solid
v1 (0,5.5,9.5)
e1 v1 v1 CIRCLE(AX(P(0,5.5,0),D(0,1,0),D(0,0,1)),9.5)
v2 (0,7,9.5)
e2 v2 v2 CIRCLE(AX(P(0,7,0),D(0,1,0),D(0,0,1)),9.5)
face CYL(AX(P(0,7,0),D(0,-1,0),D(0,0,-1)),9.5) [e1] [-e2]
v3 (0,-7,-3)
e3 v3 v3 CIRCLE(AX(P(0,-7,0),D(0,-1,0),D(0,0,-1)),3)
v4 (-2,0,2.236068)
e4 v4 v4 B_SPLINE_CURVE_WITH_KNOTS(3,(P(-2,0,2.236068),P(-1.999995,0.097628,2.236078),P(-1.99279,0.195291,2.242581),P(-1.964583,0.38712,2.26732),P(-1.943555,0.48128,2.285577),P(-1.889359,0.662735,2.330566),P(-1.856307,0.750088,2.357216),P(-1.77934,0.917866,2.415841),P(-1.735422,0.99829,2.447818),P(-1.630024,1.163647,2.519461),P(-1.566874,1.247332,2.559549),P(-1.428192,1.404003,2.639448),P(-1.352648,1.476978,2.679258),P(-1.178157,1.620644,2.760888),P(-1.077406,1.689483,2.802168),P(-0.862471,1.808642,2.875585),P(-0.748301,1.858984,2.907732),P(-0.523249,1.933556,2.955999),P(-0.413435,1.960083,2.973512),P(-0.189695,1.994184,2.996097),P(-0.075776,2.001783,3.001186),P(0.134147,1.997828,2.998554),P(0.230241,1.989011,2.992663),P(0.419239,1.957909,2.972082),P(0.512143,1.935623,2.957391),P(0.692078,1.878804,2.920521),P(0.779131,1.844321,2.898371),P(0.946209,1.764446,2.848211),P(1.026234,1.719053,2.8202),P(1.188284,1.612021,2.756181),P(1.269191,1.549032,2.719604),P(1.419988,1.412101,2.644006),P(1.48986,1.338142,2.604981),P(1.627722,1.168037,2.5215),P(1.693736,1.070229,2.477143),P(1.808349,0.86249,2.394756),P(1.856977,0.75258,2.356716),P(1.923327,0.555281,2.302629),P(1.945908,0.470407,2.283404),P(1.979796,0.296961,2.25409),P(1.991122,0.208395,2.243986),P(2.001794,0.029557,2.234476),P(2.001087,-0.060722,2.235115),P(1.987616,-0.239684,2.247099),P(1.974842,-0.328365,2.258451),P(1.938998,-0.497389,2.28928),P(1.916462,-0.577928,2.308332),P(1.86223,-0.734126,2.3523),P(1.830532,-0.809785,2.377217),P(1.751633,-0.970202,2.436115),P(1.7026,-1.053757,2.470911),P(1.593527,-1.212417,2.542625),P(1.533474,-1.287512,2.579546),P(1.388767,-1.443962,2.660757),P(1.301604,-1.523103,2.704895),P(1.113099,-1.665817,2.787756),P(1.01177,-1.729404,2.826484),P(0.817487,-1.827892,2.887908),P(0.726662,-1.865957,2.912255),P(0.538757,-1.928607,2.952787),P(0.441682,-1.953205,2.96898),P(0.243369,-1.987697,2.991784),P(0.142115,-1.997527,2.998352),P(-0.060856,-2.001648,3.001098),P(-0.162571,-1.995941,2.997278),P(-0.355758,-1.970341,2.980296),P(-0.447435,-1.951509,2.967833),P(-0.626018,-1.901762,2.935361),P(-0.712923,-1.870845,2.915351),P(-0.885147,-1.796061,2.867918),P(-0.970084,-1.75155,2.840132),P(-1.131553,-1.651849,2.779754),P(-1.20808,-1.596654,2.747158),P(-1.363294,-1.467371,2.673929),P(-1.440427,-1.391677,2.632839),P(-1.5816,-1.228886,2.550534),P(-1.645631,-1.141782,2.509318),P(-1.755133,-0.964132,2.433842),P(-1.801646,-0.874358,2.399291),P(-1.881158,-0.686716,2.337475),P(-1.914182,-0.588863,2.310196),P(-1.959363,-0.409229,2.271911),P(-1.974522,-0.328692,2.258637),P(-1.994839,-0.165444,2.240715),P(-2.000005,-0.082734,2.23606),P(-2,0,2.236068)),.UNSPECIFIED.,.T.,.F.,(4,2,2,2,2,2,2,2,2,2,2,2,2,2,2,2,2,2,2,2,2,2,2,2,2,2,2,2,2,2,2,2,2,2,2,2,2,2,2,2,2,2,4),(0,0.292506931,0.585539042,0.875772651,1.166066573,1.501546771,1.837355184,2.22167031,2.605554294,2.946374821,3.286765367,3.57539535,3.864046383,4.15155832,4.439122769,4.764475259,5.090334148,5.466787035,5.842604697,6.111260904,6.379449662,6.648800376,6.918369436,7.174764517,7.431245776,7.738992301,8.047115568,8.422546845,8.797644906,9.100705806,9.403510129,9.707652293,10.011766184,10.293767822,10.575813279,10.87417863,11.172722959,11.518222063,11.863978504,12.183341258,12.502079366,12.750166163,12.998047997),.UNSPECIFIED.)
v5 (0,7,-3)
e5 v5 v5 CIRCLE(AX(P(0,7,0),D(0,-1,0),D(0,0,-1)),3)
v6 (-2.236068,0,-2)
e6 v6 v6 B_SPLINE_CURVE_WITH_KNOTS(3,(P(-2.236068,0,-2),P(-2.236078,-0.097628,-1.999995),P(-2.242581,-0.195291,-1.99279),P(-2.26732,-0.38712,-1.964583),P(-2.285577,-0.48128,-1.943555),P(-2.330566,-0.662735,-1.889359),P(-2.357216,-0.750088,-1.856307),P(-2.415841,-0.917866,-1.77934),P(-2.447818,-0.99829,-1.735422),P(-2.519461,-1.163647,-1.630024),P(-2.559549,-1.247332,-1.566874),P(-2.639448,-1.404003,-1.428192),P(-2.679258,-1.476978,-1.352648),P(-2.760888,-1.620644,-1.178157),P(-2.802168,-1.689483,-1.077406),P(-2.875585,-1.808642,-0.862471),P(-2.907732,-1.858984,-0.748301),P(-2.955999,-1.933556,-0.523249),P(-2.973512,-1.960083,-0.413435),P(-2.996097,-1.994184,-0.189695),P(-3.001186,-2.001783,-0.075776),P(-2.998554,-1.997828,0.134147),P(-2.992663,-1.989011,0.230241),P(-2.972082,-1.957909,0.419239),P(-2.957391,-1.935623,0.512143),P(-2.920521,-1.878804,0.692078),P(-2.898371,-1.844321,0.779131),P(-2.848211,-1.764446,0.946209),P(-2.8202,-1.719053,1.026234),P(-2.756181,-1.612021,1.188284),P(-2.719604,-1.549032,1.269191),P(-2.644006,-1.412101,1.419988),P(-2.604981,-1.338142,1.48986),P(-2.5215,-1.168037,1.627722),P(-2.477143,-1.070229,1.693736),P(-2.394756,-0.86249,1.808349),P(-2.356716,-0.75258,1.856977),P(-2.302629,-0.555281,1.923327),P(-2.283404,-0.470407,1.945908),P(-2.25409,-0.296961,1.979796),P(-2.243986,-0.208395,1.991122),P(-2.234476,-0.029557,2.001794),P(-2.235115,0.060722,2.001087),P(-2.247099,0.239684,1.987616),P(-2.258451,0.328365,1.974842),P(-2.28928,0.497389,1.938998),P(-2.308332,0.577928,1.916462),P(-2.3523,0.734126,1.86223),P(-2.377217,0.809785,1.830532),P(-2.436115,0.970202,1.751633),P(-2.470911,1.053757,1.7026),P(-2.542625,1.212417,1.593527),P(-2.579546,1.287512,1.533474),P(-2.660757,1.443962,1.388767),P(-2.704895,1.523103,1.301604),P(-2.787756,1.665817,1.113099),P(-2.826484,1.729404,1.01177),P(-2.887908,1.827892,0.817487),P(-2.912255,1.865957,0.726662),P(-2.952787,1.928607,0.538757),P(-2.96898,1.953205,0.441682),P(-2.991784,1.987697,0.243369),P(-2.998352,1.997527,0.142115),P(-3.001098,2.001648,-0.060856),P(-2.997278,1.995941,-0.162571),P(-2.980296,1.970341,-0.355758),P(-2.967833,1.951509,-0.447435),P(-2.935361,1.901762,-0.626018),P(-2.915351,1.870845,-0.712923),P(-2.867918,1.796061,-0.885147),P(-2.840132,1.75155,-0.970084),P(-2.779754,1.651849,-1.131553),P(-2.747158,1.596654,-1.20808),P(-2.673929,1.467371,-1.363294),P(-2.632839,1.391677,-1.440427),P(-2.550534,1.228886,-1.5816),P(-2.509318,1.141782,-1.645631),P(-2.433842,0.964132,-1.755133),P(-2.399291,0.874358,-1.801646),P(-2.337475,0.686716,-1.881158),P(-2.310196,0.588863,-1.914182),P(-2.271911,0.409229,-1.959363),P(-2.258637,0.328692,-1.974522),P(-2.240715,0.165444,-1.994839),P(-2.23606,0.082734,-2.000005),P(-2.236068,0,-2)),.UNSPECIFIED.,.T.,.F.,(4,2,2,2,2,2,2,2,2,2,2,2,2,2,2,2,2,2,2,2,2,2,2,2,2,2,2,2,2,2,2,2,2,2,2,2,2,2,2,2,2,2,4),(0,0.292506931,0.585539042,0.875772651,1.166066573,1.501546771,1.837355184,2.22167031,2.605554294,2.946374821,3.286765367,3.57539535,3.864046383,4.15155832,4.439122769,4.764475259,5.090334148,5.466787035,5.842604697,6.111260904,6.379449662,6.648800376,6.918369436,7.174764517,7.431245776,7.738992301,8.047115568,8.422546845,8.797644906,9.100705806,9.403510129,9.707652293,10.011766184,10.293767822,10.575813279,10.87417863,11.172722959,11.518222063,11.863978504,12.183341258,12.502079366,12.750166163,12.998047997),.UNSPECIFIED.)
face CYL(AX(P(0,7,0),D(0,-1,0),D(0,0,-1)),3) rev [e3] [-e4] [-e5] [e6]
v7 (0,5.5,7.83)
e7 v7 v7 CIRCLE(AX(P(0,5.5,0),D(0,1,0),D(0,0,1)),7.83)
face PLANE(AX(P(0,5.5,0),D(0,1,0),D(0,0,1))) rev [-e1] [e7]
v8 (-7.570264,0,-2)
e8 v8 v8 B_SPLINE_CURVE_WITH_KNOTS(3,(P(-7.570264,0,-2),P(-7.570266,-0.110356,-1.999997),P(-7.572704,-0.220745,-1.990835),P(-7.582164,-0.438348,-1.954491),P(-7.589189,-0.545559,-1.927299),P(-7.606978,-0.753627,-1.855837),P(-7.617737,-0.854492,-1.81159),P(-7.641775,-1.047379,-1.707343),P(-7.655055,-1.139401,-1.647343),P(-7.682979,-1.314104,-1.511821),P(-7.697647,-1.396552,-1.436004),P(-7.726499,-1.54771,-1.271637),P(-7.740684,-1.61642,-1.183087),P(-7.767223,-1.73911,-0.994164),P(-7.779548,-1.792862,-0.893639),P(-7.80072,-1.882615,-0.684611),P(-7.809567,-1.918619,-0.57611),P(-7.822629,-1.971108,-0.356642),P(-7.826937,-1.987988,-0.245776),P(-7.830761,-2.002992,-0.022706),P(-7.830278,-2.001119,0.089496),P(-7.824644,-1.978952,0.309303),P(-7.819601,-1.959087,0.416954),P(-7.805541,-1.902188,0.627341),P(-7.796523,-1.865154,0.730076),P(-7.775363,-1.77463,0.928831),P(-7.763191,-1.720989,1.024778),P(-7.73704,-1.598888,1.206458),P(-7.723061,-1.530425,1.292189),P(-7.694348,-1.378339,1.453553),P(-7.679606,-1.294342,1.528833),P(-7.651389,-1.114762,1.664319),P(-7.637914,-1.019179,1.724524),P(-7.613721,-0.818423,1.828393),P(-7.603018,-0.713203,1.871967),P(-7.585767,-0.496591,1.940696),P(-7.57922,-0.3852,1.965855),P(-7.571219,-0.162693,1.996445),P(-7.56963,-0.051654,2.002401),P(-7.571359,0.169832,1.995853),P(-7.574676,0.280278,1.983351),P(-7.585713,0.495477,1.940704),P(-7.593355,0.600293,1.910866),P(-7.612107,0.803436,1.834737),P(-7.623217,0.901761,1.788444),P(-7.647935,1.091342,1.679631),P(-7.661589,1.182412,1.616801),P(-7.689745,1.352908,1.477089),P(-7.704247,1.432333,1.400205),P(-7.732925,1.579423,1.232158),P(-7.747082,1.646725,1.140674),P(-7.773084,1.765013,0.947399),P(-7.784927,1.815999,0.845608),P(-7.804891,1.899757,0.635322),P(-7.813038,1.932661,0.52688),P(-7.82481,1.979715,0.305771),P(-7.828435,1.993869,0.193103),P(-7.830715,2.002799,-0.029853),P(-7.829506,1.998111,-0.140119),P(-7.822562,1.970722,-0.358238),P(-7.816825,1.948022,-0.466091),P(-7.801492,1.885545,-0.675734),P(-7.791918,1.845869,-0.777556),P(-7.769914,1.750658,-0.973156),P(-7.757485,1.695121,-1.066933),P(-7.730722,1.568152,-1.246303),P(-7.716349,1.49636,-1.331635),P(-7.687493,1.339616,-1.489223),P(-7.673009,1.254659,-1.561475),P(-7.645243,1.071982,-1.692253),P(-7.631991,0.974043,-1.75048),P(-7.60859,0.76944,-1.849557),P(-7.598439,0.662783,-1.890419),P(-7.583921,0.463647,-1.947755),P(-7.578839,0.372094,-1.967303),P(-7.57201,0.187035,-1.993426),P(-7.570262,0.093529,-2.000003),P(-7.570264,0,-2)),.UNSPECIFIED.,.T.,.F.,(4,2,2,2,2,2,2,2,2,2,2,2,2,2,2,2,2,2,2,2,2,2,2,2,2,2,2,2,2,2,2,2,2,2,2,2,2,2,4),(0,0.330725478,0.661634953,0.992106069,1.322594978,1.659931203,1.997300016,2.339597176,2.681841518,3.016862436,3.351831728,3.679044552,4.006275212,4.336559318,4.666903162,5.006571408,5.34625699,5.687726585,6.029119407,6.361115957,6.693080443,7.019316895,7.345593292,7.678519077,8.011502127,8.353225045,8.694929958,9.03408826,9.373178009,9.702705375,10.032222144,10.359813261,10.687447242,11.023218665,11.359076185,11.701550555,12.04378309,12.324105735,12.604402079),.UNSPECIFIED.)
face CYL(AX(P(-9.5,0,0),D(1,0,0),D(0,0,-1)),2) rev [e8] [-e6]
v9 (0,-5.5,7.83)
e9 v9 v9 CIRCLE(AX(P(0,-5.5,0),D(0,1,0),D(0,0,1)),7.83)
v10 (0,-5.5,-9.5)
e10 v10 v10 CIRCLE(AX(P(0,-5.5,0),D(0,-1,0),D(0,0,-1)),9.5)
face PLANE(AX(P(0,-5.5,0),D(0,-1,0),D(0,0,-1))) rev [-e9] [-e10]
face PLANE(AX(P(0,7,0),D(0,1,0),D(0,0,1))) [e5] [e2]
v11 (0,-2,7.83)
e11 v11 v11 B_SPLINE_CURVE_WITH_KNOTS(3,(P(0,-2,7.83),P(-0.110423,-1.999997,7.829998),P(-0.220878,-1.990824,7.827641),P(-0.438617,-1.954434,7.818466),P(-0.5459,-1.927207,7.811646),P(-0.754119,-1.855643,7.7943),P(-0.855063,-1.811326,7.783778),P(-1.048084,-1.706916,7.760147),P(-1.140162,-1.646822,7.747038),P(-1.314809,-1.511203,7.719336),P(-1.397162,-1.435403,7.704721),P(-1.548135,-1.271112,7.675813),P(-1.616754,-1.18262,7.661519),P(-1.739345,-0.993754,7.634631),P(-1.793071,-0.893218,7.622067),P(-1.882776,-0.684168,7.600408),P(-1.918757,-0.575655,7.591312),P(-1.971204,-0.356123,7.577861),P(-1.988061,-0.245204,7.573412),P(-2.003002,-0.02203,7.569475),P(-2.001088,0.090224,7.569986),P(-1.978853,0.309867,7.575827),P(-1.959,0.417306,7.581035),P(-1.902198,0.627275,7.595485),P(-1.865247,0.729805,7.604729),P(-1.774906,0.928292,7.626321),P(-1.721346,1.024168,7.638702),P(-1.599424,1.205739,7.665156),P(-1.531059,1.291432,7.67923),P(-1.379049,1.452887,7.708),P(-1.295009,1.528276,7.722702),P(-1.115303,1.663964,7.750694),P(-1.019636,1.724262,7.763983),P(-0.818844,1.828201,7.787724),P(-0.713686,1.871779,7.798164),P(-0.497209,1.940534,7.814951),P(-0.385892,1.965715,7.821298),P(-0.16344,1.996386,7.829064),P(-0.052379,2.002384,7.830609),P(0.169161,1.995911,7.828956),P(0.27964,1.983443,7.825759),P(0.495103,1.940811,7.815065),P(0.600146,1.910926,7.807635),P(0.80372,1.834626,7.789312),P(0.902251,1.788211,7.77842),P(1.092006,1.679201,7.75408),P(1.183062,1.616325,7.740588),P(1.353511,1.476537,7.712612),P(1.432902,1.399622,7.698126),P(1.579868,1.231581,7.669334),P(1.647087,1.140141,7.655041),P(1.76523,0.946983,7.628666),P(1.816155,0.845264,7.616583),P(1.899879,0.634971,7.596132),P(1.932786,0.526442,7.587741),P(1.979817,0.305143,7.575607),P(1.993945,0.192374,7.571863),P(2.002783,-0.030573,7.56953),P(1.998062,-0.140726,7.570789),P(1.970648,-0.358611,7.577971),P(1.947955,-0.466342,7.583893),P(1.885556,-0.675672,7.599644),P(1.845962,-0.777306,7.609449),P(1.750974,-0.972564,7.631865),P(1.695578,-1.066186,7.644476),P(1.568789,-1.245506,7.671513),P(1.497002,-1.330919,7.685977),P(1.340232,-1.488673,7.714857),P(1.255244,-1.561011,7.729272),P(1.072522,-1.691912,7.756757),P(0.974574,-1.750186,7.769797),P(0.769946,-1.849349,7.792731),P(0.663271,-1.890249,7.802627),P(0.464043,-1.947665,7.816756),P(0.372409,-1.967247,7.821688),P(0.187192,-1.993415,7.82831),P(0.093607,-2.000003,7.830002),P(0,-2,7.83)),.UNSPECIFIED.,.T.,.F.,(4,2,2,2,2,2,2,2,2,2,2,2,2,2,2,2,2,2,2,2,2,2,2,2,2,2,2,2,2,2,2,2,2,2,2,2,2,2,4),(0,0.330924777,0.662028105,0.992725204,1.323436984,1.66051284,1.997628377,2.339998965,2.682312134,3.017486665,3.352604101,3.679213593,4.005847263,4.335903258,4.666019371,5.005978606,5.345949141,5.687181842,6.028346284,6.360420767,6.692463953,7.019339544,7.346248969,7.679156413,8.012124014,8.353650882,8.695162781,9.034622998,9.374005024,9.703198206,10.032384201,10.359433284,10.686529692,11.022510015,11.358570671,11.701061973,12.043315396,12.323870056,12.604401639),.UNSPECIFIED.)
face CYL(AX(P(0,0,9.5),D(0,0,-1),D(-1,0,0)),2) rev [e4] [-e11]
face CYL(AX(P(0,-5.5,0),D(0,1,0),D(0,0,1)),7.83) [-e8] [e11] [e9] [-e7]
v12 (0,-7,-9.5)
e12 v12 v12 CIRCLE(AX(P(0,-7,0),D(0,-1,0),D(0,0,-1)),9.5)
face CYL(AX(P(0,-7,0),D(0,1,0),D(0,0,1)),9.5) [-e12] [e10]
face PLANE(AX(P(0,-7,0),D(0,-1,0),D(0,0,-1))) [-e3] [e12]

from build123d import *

# Parameters (mm, degrees)
EXTRUDE_1_DEPTH      = 5.5
EXTRUDE_1_DEPTH_BACK = 5.5
SKETCH_1_R           = 7.83
SKETCH_3_R           = 9.5
EXTRUDE_3_DEPTH      = 1.5
EXTRUDE_START        = 1.5
SKETCH_4_R           = 9.5
EXTRUDE_4_DEPTH      = 1.5
SKETCH_5_R           = 3
CUT_EXTRUDE_1_DEPTH  = 20.403607912
SKETCH_6_R           = 2
CUT_EXTRUDE_2_DEPTH  = 16.149257408
SKETCH_7_R           = 2
CUT_EXTRUDE_3_DEPTH  = 16.149257454


with BuildPart() as part:
    # 草圖1 → 填料-伸長1 (new, two sides: drawn at the far end of the back side and taken through both)
    with BuildSketch(Plane(origin=(0, 0, 0), x_dir=(1, 0, 0), z_dir=(0, 1, 0)).offset(-EXTRUDE_1_DEPTH_BACK)):
        Circle(SKETCH_1_R)
    extrude(amount=EXTRUDE_1_DEPTH + EXTRUDE_1_DEPTH_BACK)

    # 草圖3 → 填料-伸長3 (add)
    with BuildSketch(Plane.XZ.offset(5.5)):
        Circle(SKETCH_3_R)
    extrude(amount=EXTRUDE_3_DEPTH)

    # 草圖4 → 填料-伸長4 (add)
    with BuildSketch(Plane(origin=(0, 5.5, 0), x_dir=(1, 0, 0), z_dir=(0, 1, 0)).offset(EXTRUDE_START)):
        Circle(SKETCH_4_R)
    extrude(amount=-EXTRUDE_4_DEPTH)

    # 草圖5 → 除料-伸長1 (cut, through all)
    with BuildSketch(Plane.XZ.offset(7)):
        Circle(SKETCH_5_R)
    extrude(amount=-CUT_EXTRUDE_1_DEPTH, mode=Mode.SUBTRACT)

    # 草圖6 → 除料-伸長2 (cut, through all)
    with BuildSketch(Plane.XY):
        Circle(SKETCH_6_R)
    extrude(amount=CUT_EXTRUDE_2_DEPTH, mode=Mode.SUBTRACT)

    # 草圖7 → 除料-伸長3 (cut, through all)
    with BuildSketch(Plane(origin=(0, 0, 0), x_dir=(0, 0, -1), z_dir=(1, 0, 0))):
        Circle(SKETCH_7_R)
    extrude(amount=-CUT_EXTRUDE_3_DEPTH, mode=Mode.SUBTRACT)


solid = part.part
